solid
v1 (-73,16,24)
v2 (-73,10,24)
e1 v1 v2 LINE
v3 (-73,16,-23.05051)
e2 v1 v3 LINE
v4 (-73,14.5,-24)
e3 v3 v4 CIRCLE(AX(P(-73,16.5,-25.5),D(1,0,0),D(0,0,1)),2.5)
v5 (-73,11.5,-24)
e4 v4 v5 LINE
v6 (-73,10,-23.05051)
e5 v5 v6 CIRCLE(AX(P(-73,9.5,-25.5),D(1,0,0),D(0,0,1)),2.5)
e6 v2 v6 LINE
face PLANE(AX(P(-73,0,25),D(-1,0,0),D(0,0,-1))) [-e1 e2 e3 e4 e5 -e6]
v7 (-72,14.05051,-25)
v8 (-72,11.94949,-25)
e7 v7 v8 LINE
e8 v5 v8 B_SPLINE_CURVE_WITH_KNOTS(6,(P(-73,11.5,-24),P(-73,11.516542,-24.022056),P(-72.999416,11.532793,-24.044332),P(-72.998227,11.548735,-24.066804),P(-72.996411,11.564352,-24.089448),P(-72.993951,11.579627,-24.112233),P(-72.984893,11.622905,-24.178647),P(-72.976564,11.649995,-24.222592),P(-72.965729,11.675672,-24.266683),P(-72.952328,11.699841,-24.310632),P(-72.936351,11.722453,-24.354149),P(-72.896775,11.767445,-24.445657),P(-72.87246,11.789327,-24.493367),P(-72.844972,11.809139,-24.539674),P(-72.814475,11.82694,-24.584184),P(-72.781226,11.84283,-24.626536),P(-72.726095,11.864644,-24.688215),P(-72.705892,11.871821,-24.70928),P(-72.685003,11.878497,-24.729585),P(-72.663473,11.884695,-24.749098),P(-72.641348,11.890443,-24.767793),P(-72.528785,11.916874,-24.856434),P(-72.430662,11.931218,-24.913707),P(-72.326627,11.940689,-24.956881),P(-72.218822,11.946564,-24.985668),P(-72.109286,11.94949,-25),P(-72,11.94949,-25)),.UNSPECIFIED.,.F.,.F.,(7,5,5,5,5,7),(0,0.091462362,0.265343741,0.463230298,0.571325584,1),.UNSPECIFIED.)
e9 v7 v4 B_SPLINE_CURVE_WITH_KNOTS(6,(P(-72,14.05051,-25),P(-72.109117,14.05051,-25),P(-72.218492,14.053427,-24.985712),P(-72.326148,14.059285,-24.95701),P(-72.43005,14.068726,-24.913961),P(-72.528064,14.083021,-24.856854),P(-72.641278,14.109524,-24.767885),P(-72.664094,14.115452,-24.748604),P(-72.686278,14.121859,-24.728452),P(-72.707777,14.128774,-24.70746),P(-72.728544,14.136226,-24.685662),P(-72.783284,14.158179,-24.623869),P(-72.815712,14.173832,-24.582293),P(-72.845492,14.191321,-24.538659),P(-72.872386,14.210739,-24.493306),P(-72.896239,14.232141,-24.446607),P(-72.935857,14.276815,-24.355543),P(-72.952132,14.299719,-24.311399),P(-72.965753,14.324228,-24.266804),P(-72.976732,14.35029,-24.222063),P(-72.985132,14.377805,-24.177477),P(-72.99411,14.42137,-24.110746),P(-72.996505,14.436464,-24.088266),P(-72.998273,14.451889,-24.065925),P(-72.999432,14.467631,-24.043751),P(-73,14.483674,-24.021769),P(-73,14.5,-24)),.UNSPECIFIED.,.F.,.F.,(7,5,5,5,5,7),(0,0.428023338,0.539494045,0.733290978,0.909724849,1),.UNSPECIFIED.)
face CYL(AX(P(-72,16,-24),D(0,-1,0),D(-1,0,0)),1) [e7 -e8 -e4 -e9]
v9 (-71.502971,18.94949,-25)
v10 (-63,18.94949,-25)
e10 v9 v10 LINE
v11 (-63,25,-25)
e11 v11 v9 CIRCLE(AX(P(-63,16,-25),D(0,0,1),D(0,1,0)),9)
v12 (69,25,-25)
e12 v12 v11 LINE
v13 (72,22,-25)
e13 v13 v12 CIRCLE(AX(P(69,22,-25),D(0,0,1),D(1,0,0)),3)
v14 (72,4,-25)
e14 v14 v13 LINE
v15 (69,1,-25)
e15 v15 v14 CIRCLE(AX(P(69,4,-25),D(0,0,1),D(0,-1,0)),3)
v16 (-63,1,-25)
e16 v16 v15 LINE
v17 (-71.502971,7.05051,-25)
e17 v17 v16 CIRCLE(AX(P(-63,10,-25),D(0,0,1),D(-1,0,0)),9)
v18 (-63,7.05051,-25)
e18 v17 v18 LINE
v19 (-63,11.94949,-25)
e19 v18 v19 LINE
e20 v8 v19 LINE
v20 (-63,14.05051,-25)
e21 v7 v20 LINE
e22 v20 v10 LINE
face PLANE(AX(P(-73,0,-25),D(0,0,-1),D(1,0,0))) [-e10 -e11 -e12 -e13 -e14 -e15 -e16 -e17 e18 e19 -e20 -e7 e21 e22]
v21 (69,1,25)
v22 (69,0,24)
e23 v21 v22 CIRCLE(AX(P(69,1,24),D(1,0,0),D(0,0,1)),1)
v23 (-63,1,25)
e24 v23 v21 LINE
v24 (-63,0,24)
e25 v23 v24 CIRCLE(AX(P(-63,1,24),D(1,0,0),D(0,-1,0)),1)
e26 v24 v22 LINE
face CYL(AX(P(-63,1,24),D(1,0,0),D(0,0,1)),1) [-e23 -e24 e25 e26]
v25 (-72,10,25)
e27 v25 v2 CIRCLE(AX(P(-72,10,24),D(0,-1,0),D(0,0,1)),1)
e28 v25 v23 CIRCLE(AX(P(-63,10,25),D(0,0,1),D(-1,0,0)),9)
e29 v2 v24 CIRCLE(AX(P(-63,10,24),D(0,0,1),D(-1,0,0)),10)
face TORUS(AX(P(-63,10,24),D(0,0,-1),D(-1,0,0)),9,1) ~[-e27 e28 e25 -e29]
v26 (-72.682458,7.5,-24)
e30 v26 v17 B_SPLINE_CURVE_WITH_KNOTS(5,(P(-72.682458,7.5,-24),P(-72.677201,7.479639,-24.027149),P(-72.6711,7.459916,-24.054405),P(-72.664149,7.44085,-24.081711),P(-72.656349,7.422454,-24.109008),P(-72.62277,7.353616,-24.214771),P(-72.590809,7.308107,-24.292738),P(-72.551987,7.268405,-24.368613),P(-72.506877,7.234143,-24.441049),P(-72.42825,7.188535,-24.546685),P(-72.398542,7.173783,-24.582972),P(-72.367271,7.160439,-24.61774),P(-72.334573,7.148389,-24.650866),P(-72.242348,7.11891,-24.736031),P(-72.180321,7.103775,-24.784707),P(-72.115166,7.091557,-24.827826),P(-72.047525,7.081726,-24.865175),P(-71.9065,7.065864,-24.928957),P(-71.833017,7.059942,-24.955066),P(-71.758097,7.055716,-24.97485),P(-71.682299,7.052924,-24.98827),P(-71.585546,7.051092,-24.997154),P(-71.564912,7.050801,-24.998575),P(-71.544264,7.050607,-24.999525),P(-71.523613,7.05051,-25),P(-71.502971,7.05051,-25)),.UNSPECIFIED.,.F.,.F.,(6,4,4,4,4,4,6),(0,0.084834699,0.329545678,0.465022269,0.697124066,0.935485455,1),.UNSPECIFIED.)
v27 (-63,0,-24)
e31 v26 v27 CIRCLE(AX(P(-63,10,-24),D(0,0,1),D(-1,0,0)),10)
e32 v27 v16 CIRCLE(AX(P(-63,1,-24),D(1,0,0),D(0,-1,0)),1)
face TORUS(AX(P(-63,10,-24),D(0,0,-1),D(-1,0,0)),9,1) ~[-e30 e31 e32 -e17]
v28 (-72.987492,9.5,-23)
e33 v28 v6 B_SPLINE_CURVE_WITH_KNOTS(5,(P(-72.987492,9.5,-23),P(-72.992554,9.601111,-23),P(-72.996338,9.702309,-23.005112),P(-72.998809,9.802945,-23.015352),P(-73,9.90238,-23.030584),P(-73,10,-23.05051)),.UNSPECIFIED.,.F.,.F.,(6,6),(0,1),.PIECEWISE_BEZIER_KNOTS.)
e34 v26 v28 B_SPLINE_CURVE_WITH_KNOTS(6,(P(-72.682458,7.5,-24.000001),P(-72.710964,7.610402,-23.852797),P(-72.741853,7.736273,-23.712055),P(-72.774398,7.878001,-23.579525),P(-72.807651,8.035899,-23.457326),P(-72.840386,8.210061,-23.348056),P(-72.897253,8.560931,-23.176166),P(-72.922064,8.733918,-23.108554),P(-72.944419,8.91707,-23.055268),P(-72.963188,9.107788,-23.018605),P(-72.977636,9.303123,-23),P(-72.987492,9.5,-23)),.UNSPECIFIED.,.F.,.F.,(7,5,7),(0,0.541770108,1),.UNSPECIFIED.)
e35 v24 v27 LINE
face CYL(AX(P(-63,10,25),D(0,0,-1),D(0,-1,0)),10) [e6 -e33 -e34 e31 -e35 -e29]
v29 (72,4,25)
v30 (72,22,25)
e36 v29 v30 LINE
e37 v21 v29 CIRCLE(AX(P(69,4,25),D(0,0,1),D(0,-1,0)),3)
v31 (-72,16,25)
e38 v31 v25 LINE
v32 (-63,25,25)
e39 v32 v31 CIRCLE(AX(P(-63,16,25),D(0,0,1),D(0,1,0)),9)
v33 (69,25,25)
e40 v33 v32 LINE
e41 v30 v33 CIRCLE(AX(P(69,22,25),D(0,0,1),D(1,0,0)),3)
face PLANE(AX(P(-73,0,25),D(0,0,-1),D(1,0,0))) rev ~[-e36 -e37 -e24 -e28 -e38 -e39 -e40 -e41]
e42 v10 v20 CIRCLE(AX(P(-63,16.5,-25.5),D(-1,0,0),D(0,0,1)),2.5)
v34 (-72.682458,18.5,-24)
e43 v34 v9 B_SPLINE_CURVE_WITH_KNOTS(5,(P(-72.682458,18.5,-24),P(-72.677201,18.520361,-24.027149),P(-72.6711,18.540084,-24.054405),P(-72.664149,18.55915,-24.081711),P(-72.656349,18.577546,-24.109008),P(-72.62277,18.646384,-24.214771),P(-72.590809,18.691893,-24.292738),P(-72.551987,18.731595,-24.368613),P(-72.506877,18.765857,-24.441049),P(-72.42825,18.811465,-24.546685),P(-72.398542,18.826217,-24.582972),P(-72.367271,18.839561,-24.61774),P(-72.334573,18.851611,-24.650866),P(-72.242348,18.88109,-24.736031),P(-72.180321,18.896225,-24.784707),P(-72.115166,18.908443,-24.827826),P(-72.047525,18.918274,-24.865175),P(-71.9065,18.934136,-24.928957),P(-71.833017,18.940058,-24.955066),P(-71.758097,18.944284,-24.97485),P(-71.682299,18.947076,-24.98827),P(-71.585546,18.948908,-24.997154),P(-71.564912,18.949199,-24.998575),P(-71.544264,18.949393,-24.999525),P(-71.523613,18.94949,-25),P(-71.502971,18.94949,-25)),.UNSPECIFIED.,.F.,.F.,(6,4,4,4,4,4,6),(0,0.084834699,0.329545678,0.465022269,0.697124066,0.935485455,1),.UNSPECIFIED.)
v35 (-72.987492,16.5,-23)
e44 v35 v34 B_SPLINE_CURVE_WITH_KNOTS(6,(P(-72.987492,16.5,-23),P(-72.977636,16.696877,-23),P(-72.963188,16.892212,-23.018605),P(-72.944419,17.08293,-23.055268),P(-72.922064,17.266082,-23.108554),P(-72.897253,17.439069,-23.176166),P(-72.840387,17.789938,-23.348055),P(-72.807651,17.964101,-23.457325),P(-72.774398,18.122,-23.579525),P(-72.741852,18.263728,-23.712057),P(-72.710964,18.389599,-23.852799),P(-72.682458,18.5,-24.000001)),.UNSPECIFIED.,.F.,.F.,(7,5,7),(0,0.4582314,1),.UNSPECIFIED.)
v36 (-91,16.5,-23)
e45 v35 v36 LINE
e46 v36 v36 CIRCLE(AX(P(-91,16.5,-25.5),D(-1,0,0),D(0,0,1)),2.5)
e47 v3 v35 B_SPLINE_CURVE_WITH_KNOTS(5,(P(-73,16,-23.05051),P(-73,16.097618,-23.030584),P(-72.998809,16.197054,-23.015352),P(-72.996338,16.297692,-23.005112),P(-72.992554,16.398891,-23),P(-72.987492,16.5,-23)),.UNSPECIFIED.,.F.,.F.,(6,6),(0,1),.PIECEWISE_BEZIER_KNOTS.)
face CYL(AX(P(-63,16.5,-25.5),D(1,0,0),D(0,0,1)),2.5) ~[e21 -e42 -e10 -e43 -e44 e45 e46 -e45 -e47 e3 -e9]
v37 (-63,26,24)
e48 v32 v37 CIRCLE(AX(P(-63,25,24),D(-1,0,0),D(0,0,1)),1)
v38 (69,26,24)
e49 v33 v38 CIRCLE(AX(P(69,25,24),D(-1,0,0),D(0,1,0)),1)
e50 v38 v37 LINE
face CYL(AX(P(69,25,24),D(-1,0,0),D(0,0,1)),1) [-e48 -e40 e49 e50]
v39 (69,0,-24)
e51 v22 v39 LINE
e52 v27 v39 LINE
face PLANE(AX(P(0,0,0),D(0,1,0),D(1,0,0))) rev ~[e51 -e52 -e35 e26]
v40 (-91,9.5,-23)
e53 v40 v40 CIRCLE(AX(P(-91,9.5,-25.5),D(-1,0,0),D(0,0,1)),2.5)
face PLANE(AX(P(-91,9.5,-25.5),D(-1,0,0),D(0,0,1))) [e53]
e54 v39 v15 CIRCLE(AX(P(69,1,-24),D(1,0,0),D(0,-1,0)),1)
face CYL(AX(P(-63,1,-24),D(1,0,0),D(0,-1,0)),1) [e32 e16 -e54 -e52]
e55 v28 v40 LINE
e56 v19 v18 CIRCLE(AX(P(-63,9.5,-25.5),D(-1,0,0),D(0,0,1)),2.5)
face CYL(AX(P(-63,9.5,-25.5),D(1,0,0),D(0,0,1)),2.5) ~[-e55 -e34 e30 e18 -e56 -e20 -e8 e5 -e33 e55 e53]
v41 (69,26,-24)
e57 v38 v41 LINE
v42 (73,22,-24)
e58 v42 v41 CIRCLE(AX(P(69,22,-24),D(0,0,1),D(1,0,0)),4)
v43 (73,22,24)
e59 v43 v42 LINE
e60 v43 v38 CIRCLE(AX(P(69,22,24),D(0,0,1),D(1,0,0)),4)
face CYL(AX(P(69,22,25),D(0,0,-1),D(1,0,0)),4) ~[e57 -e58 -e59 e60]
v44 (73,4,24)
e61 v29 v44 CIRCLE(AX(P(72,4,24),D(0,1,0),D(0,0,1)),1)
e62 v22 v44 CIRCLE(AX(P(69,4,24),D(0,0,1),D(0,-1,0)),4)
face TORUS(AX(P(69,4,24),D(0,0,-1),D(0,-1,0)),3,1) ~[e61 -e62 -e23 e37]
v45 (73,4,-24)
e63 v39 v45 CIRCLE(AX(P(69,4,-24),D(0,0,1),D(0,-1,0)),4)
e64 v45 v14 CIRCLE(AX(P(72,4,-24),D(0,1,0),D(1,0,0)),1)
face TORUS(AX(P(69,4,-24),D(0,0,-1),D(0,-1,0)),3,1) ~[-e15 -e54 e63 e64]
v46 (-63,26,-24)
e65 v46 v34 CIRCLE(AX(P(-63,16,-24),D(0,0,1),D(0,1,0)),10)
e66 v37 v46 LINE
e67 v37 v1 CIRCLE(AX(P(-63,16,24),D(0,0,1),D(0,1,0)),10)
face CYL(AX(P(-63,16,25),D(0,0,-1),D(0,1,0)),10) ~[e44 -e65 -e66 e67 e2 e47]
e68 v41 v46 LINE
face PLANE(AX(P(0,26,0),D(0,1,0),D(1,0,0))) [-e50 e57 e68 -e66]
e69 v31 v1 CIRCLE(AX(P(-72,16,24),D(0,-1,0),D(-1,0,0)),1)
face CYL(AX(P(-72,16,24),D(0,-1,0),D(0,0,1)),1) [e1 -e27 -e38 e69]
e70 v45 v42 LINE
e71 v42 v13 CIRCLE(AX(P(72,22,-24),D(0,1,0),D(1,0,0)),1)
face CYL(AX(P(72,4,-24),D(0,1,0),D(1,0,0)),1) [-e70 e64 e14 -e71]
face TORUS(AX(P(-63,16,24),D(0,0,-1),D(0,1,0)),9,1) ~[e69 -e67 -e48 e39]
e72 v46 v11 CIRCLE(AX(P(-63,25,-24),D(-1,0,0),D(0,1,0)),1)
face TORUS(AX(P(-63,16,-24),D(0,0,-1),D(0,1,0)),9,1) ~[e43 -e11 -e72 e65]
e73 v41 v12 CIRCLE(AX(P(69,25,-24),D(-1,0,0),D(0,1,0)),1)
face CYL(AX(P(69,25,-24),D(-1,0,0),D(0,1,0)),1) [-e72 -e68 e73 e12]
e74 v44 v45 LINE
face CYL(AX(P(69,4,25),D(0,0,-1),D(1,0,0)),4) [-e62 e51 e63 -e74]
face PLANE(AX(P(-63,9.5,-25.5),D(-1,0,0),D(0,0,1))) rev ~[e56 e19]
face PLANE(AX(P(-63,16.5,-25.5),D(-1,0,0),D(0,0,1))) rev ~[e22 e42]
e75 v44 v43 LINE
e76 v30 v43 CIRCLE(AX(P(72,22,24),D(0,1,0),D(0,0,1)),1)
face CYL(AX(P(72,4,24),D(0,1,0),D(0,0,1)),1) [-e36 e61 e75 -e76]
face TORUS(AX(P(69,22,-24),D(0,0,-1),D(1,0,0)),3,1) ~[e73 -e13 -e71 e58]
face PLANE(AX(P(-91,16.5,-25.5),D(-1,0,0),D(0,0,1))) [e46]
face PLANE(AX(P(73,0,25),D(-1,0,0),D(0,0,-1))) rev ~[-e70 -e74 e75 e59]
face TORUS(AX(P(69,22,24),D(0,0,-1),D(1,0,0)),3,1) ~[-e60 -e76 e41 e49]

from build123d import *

# Parameters (mm, degrees)
SKETCH1_W                = 146
SKETCH1_H                = 50
BOSS_EXTRUDE1_DEPTH      = 26
FILLET1_R                = 4
FILLET2_R                = 10
FILLET3_R                = 1
BOSS_EXTRUDE2_DEPTH      = 18
BOSS_EXTRUDE2_DEPTH_BACK = 10
SKETCH2_R                = 2.5


with BuildPart() as part:
    # Sketch1 → Boss-Extrude1 (new body)
    with BuildSketch(Plane(origin=(0, 0, 0), x_dir=(1, 0, 0), z_dir=(0, 1, 0))):
        Rectangle(SKETCH1_W, SKETCH1_H)
    extrude(amount=BOSS_EXTRUDE1_DEPTH)

    # Fillet1
    fillet1_edges = [part.edges().sort_by_distance(p)[0] for p in [
        (73, 26, 0),
        (73, 0, 0),
    ]]
    fillet(fillet1_edges, radius=FILLET1_R)

    # Fillet2
    fillet2_edges = [part.edges().sort_by_distance(p)[0] for p in [
        (-73, 26, 0),
        (-73, 0, 0),
    ]]
    fillet(fillet2_edges, radius=FILLET2_R)

    # Fillet3
    fillet3_edges = [part.edges().sort_by_distance(p)[0] for p in [
        (73, 13, -25),
        (73, 13, 25),
        (3, 0, -25),
        (3, 26, -25),
        (71.828427125, 24.828427125, -25),
        (71.828427125, 1.171572875, -25),
        (71.828427125, 24.828427125, 25),
        (71.828427125, 1.171572875, 25),
        (-73, 13, 25),
        (-73, 13, -25),
        (3, 0, 25),
        (3, 26, 25),
        (-70.071067812, 23.071067812, 25),
        (-70.071067812, 2.928932188, 25),
        (-70.071067812, 23.071067812, -25),
        (-70.071067812, 2.928932188, -25),
    ]]
    fillet(fillet3_edges, radius=FILLET3_R)

    # Sketch2 → Boss-Extrude2 (add, two sides: drawn at the far end of the back side and taken through both)
    with BuildSketch(Plane.ZY.offset(73).offset(-BOSS_EXTRUDE2_DEPTH_BACK)):
        with Locations((-25.5, 16.5)):
            Circle(SKETCH2_R)
        with Locations((-25.5, 9.5)):
            Circle(SKETCH2_R)
    extrude(amount=BOSS_EXTRUDE2_DEPTH + BOSS_EXTRUDE2_DEPTH_BACK)


solid = part.part
